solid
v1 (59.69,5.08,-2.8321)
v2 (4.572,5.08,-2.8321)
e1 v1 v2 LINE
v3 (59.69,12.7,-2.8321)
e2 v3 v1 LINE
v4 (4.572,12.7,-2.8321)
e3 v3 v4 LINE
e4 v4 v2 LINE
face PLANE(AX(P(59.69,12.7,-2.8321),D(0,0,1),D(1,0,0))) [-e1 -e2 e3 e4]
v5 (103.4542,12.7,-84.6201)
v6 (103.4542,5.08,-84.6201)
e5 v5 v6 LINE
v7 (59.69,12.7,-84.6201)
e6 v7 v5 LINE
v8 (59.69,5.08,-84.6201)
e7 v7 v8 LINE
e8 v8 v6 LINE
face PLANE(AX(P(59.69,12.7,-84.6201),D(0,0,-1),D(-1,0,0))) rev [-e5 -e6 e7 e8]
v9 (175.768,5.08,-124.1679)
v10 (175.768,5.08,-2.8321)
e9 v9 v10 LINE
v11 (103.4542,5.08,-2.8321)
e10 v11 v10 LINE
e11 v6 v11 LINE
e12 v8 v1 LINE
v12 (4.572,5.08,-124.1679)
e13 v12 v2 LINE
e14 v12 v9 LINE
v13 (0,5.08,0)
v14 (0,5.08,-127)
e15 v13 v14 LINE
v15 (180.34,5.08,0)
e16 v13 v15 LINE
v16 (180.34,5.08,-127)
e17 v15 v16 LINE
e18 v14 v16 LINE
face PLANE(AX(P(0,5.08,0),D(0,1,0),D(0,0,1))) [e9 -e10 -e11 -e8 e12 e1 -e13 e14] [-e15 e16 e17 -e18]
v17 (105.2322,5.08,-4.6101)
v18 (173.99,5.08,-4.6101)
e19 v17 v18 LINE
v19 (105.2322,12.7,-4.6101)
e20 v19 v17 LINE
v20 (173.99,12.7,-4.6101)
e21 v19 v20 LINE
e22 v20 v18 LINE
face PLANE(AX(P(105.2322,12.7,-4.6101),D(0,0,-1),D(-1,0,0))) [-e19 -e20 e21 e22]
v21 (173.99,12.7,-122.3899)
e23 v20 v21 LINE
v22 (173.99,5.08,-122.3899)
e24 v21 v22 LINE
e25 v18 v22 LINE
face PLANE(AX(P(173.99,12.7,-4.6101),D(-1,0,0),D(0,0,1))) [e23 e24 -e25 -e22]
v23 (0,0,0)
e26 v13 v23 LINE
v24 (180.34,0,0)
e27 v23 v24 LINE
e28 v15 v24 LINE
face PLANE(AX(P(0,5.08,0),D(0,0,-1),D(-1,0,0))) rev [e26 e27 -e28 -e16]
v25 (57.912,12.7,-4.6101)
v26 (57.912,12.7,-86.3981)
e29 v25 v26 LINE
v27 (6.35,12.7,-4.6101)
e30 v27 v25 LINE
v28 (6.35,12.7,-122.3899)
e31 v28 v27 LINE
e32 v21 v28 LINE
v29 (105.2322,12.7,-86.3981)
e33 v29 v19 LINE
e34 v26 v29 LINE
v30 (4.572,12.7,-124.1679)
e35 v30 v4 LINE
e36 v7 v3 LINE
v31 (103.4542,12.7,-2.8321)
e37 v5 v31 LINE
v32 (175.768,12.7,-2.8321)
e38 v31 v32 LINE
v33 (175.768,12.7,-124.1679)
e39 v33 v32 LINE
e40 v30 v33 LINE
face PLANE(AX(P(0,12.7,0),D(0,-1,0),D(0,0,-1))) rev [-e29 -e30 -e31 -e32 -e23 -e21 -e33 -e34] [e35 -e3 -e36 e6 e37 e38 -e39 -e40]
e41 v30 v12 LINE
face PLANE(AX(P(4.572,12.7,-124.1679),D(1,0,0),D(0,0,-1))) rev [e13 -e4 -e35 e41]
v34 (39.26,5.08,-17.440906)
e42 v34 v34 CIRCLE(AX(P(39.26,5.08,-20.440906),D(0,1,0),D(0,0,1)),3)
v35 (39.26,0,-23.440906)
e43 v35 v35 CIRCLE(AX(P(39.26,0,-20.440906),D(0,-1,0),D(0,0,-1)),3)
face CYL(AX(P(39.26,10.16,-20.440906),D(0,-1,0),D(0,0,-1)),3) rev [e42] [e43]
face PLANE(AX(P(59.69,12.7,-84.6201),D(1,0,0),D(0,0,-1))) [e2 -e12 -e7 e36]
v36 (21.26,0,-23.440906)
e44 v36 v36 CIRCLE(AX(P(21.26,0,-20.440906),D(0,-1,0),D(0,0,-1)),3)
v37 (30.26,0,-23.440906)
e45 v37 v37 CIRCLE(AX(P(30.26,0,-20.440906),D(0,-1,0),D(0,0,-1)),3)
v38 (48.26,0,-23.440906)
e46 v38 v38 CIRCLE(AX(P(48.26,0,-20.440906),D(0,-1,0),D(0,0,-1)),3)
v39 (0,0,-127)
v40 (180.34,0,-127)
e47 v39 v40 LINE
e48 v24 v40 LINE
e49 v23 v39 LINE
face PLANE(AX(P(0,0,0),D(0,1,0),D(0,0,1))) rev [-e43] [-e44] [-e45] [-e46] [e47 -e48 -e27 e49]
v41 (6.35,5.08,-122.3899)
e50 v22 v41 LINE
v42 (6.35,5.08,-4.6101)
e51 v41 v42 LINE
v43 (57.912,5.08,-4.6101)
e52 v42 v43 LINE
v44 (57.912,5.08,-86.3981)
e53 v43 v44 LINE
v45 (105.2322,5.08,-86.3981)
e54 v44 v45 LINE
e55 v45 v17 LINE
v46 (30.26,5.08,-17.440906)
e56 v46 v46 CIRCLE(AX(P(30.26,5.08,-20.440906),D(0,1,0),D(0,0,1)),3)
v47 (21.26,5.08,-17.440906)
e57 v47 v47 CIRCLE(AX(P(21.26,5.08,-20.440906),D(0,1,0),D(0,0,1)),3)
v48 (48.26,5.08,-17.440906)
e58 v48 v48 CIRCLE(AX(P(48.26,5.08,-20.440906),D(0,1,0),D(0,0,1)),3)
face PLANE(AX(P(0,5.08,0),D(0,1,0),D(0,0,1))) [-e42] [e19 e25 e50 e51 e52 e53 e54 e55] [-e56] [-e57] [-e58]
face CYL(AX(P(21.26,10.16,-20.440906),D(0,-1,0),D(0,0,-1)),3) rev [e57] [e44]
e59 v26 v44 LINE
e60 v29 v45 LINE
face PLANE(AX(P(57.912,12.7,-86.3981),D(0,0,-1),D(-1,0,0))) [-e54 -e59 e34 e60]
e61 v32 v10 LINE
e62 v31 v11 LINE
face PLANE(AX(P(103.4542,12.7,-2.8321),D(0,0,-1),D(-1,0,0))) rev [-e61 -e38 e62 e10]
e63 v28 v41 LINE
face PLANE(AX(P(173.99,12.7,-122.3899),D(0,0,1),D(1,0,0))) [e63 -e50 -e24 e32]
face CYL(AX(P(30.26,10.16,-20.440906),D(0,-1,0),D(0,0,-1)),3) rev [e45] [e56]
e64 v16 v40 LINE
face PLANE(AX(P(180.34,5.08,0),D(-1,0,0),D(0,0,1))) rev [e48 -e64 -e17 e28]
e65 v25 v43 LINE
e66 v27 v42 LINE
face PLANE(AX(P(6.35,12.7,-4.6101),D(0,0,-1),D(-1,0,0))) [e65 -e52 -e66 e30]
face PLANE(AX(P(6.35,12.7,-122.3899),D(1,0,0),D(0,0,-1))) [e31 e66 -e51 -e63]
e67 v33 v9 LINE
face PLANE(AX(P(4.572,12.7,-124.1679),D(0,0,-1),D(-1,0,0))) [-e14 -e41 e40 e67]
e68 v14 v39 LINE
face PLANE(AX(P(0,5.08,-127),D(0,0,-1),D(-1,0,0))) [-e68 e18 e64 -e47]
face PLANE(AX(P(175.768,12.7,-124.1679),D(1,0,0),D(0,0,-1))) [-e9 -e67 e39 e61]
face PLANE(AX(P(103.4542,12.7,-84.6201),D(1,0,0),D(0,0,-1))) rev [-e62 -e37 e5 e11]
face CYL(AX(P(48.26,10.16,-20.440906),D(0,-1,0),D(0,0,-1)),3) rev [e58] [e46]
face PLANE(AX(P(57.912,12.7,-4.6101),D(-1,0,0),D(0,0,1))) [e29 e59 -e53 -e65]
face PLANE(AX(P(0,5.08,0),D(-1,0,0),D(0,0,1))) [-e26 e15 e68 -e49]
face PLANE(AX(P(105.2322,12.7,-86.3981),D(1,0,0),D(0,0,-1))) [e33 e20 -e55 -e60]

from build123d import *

# Parameters (mm, degrees)
SKETCH1_W           = 180.34
SKETCH1_H           = 127
BOSS_EXTRUDE1_DEPTH = 5.08
BOSS_EXTRUDE2_DEPTH = 7.62
SKETCH3_R           = 3
CUT_EXTRUDE1_DEPTH  = 10.16


with BuildPart() as part:
    # Sketch1 → Boss-Extrude1 (new body)
    with BuildSketch(Plane(origin=(0, 0, 0), x_dir=(1, 0, 0), z_dir=(0, 1, 0))):
        with Locations((90.17, 63.5)):
            Rectangle(SKETCH1_W, SKETCH1_H)
    extrude(amount=BOSS_EXTRUDE1_DEPTH)

    # Sketch2 → Boss-Extrude2 (add)
    with BuildSketch(Plane(origin=(0, 5.08, 0), x_dir=(1, 0, 0), z_dir=(0, 1, 0))):
        Polygon((4.572, 124.1679), (175.768, 124.1679), (175.768, 2.8321), (103.4542, 2.8321), (103.4542, 84.6201), (59.69, 84.6201), (59.69, 2.8321), (4.572, 2.8321), align=None)
        Polygon((6.35, 122.3899), (6.35, 4.6101), (57.912, 4.6101), (57.912, 86.3981), (105.2322, 86.3981), (105.2322, 4.6101), (173.99, 4.6101), (173.99, 122.3899), align=None, mode=Mode.SUBTRACT)
    extrude(amount=BOSS_EXTRUDE2_DEPTH)

    # Sketch3 → Cut-Extrude1 (cut)
    with BuildSketch(Plane.XZ):
        with Locations((21.26, -20.440905976)):
            Circle(SKETCH3_R)
        with Locations((30.26, -20.440905976)):
            Circle(SKETCH3_R)
        with Locations((39.26, -20.440905976)):
            Circle(SKETCH3_R)
        with Locations((48.26, -20.440905976)):
            Circle(SKETCH3_R)
    extrude(amount=-CUT_EXTRUDE1_DEPTH, mode=Mode.SUBTRACT)


solid = part.part
